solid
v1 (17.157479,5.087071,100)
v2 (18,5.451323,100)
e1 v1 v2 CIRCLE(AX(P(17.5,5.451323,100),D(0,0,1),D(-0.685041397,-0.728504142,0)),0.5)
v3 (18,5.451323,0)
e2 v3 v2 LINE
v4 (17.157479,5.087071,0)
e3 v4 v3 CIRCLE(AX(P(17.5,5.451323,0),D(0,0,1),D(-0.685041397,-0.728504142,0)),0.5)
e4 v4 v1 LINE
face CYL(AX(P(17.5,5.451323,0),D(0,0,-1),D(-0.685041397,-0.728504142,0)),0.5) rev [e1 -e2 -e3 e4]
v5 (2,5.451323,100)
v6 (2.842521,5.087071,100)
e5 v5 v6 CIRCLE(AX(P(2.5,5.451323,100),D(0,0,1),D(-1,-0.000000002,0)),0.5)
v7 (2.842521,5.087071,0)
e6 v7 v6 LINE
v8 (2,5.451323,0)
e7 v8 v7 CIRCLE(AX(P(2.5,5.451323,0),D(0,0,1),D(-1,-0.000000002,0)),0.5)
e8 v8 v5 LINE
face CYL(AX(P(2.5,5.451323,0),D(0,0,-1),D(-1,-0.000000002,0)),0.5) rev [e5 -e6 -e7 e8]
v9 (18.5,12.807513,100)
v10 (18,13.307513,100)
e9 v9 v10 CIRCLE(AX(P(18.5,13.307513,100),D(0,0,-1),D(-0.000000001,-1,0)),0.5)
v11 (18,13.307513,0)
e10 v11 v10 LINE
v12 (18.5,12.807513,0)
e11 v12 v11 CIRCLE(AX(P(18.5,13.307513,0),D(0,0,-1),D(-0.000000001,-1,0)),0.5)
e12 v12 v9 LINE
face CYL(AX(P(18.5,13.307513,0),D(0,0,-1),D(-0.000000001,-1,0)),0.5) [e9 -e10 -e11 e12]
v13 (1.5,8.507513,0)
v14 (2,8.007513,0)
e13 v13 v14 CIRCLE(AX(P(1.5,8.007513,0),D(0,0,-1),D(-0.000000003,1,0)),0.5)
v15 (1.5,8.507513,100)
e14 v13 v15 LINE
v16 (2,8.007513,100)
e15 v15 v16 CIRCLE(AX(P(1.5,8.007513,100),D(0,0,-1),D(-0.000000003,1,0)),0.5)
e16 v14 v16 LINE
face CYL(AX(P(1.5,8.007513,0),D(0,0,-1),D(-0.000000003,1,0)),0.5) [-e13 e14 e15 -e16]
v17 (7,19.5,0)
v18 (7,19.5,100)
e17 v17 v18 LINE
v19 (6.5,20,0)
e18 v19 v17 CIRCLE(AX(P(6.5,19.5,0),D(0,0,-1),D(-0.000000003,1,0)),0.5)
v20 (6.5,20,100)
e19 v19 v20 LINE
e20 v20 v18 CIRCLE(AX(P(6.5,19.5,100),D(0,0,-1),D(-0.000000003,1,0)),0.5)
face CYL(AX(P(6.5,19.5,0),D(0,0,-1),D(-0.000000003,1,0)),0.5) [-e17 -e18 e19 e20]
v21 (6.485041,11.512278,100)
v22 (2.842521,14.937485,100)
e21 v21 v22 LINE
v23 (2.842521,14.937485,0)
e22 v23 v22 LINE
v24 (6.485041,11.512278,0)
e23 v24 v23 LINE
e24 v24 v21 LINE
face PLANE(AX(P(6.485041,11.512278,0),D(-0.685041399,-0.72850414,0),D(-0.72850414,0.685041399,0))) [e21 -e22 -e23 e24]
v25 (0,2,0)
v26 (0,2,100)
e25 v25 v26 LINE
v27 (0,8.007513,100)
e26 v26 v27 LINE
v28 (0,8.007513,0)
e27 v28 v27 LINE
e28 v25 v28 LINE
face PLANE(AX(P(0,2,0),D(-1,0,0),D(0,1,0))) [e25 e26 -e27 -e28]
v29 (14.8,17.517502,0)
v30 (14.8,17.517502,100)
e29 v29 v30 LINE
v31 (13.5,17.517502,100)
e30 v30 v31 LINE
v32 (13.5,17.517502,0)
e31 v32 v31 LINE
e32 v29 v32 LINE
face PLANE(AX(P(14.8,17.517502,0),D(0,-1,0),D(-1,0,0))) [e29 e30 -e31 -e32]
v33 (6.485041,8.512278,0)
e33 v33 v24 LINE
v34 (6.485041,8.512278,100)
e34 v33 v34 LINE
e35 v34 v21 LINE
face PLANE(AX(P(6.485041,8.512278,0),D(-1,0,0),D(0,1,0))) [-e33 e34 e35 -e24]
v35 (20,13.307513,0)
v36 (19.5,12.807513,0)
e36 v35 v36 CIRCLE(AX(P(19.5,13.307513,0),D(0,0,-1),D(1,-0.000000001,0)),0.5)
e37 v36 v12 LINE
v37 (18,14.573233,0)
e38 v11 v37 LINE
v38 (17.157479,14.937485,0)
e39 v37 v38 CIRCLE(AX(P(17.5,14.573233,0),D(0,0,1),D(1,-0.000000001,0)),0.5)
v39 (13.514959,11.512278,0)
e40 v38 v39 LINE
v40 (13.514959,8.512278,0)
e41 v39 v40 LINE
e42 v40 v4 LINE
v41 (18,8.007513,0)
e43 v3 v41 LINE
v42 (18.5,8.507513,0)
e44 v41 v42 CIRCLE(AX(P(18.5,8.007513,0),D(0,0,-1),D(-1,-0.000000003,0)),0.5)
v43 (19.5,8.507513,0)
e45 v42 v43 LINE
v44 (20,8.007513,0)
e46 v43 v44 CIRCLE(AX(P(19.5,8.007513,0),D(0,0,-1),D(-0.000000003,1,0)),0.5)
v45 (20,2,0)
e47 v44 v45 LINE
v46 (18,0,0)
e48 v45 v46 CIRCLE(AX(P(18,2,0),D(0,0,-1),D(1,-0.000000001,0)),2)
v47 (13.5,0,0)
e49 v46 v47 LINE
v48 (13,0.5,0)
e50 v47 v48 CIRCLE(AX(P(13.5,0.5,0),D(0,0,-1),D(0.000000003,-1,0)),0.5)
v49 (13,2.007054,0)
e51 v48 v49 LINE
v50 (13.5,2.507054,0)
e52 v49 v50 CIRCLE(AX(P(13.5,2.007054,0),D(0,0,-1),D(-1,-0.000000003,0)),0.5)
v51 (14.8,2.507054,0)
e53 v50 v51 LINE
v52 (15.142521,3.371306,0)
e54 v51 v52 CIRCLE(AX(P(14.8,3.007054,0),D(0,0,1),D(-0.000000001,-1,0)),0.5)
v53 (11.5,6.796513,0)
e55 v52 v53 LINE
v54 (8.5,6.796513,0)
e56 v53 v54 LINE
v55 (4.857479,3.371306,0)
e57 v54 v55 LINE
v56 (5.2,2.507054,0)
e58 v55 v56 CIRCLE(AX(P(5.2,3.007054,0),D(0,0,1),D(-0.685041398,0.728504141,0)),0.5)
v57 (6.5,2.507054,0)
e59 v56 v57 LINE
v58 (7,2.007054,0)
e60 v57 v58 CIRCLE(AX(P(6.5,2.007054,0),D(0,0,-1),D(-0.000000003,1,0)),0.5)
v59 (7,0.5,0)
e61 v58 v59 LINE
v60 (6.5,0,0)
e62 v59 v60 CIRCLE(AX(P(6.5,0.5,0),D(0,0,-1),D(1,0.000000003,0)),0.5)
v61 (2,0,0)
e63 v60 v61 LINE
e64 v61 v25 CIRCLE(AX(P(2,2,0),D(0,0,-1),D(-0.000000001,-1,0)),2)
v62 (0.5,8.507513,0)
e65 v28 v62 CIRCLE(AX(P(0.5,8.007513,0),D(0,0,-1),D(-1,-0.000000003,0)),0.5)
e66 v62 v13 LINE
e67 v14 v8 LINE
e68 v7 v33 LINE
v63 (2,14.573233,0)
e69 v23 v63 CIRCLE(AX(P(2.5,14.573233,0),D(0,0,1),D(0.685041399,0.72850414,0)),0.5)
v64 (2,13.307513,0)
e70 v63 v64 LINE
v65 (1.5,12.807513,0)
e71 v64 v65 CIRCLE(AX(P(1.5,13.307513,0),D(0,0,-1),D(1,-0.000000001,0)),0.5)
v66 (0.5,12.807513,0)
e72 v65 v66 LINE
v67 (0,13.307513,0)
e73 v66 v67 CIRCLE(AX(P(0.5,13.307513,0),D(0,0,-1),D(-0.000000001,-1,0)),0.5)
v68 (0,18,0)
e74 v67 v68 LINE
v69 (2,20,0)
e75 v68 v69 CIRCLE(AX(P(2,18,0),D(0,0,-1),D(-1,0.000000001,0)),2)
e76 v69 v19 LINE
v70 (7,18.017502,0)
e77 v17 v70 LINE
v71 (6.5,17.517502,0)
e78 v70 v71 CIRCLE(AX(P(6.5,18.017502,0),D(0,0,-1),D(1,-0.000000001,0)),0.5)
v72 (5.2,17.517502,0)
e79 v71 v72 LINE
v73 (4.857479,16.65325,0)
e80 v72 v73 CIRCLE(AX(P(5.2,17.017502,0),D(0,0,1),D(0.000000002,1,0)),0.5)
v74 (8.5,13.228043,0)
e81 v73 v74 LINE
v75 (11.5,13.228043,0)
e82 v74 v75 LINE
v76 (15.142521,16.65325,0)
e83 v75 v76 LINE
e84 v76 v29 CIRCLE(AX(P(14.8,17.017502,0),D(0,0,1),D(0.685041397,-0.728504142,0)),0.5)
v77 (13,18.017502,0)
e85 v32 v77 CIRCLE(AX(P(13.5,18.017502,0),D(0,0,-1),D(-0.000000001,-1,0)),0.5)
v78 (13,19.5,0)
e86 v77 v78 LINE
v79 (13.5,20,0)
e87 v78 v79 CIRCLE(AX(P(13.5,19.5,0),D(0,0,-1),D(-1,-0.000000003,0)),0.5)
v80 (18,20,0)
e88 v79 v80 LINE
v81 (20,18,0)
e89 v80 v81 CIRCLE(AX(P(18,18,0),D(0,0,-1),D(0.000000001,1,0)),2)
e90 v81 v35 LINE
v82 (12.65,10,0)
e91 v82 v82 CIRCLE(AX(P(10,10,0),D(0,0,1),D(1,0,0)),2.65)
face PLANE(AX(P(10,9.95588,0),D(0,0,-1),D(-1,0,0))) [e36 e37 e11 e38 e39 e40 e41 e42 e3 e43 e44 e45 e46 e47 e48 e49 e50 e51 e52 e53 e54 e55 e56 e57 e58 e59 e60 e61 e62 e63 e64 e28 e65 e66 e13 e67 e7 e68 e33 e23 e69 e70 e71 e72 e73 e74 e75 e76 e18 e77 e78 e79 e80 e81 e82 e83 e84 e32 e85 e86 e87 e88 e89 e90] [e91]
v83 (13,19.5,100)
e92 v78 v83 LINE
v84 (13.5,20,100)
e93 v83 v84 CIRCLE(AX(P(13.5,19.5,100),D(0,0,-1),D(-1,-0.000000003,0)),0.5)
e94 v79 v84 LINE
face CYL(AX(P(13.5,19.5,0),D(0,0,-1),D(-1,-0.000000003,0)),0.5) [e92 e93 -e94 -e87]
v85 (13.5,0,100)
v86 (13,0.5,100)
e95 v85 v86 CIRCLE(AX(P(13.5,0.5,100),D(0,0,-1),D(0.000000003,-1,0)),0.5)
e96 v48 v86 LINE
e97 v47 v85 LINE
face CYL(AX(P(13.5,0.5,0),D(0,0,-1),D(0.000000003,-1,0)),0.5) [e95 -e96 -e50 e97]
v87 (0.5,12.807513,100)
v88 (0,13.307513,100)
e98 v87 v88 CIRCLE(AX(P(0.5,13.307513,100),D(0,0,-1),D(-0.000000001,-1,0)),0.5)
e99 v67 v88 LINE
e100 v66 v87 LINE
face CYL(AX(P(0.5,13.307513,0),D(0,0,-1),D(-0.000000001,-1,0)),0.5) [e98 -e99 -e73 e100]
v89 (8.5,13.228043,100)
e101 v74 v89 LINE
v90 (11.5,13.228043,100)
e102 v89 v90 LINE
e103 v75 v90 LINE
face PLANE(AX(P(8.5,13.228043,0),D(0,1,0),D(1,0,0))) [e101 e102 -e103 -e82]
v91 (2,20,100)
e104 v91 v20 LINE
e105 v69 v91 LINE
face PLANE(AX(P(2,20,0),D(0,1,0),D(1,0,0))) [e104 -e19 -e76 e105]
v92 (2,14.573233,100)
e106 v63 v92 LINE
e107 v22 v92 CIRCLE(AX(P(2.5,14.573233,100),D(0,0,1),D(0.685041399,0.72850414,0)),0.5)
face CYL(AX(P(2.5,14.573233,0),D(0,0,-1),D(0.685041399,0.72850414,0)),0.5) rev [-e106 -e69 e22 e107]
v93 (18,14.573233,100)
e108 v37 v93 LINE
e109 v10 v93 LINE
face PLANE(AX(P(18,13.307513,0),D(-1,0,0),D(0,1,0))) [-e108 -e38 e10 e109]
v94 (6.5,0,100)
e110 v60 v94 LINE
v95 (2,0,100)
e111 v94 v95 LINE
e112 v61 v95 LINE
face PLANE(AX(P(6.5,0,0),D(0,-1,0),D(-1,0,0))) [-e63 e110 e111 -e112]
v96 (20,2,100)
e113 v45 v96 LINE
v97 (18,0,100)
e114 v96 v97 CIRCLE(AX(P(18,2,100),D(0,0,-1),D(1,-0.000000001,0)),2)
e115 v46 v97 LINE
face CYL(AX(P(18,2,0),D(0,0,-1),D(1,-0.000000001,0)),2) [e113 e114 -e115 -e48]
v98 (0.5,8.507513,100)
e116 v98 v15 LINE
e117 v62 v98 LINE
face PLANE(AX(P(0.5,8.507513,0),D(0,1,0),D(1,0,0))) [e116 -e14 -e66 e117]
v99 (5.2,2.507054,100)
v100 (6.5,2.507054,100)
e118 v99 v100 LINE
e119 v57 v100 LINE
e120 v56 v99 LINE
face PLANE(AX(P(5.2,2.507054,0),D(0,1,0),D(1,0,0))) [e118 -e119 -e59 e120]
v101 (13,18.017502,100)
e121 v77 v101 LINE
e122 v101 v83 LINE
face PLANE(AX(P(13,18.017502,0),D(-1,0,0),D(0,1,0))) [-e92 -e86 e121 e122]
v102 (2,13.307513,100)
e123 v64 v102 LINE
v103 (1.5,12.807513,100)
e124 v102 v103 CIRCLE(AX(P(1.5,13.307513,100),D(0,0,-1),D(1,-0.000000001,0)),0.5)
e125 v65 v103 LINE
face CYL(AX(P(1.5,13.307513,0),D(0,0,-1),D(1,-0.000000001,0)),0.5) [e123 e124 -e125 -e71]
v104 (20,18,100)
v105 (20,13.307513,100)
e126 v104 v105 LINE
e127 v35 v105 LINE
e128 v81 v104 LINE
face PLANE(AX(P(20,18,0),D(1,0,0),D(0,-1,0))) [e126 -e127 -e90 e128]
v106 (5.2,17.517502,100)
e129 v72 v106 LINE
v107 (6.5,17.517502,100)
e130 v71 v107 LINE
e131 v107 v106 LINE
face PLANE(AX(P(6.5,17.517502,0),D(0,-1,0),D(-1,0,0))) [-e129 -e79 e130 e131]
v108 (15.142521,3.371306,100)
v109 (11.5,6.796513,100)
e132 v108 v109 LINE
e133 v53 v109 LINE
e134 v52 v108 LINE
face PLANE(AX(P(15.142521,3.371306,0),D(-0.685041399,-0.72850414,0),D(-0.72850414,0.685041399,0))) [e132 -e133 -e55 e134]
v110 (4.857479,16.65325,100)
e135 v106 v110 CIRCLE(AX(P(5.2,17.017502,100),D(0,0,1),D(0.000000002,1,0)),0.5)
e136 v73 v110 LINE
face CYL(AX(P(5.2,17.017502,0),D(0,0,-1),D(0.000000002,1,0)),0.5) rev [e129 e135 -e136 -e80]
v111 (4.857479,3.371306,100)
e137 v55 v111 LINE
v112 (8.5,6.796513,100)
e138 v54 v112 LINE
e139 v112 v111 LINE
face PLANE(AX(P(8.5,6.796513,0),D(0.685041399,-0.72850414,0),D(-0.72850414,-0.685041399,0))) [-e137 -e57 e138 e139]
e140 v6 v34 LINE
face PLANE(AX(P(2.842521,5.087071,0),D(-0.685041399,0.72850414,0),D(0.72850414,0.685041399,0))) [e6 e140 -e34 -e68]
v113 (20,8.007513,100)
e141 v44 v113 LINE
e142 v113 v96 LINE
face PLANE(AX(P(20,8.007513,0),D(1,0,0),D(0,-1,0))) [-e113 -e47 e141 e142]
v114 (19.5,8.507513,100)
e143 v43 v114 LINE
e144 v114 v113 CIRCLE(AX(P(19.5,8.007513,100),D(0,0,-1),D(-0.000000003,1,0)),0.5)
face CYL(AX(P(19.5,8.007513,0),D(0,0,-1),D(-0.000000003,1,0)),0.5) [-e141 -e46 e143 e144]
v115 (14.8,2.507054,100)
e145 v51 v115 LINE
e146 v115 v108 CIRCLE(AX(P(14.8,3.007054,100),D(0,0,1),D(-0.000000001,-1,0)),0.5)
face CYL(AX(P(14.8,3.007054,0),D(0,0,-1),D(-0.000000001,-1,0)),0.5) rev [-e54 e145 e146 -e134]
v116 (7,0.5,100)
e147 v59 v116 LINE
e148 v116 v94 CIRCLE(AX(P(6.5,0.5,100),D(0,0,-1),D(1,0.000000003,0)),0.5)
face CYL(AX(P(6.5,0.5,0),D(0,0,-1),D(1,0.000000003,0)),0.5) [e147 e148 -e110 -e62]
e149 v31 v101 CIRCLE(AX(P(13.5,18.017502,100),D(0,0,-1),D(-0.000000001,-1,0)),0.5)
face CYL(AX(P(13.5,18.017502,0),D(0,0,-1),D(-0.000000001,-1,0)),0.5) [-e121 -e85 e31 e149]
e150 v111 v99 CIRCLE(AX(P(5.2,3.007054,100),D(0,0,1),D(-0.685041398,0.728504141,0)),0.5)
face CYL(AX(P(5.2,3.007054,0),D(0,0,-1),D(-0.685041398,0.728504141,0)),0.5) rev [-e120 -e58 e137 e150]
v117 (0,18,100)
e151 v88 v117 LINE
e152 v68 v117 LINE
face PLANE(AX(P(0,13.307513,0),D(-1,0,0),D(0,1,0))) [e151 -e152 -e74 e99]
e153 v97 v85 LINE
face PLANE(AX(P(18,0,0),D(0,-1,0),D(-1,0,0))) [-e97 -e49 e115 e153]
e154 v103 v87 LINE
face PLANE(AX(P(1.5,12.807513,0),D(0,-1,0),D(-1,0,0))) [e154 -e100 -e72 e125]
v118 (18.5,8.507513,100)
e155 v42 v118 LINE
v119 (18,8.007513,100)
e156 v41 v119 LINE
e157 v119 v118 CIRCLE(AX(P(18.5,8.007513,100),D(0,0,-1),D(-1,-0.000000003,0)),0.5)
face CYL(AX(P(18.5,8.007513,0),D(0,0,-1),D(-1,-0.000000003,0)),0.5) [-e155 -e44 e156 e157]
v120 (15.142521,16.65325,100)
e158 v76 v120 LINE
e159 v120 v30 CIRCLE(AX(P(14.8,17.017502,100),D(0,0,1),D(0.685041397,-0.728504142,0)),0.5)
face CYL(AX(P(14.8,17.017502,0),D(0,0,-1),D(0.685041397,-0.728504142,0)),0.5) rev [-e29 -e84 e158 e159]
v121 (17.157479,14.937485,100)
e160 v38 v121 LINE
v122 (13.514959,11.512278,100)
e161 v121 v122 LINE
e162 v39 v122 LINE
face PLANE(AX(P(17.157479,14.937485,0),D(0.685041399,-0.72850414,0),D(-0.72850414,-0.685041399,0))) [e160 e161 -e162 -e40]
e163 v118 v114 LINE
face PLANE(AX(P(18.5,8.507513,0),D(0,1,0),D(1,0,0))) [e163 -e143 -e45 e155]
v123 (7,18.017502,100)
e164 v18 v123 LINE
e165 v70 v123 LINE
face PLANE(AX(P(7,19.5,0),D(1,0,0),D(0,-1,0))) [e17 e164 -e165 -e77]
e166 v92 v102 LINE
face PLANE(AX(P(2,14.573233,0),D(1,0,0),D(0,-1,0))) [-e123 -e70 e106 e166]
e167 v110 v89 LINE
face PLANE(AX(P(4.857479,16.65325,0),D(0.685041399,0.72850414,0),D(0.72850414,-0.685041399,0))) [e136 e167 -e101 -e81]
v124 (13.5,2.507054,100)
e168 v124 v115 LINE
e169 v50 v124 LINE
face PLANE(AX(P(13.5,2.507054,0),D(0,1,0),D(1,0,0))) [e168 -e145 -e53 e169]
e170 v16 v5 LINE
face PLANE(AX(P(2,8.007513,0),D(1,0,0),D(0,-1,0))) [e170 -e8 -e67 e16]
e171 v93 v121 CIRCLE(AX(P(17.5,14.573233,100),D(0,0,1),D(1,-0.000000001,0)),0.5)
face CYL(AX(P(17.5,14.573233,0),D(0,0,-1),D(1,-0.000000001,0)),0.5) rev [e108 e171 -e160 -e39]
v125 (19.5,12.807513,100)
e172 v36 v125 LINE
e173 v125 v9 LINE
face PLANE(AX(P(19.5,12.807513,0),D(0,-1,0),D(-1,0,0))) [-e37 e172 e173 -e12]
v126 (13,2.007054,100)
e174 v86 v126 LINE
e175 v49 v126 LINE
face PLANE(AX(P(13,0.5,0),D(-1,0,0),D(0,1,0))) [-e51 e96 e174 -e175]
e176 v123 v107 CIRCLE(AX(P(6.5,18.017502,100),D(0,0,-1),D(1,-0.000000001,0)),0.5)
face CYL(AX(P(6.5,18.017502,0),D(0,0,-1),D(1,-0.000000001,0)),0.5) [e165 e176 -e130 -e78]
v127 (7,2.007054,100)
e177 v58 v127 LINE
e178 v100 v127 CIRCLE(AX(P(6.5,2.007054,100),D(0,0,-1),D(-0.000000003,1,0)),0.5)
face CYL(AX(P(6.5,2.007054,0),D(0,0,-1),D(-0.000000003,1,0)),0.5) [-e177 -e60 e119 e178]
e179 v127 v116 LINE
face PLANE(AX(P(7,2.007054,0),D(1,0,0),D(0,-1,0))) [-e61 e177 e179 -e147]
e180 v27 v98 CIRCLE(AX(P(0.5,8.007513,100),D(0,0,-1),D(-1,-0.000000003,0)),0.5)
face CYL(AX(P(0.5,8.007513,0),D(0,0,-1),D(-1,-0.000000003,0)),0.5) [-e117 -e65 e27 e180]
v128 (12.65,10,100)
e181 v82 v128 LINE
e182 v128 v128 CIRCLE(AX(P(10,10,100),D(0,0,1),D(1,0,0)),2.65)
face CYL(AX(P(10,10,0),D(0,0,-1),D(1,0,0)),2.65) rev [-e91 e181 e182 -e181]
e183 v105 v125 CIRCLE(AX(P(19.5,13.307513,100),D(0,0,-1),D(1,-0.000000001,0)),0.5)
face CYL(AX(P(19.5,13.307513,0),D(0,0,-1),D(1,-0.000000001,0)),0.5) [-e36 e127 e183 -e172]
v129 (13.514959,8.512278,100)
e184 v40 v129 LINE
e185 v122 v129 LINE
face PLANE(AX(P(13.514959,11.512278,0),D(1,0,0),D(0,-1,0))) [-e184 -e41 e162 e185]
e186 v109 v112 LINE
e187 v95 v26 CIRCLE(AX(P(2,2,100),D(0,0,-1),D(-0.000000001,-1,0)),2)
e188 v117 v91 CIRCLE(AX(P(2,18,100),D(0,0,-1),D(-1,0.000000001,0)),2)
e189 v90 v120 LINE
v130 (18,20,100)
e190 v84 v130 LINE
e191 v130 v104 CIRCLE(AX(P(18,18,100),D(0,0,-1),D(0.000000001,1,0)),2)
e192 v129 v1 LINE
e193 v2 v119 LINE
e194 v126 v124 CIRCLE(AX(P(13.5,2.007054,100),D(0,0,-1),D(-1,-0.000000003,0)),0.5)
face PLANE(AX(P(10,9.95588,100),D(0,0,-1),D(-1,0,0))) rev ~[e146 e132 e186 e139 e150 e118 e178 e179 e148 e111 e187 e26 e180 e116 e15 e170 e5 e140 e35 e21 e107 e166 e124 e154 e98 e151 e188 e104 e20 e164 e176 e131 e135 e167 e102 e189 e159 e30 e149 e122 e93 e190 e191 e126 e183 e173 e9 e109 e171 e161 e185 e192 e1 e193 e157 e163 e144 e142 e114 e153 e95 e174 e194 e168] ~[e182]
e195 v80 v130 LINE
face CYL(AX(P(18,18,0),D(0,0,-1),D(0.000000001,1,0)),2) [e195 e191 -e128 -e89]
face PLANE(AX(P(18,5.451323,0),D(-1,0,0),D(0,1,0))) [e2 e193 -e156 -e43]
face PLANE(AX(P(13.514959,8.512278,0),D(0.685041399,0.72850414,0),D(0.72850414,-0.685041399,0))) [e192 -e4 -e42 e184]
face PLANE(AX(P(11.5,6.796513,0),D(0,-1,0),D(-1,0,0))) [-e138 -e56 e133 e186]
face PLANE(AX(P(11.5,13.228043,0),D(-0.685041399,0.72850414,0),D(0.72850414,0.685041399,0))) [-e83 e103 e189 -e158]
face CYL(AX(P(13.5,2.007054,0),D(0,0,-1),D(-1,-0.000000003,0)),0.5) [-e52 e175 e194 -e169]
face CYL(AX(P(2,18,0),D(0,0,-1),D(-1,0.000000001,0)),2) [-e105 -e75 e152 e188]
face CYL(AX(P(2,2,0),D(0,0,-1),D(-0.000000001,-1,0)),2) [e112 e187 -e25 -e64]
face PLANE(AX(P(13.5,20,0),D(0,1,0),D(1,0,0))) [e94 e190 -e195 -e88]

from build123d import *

# Parameters (mm, degrees)
SKETCH1_R           = 2.65
BOSS_EXTRUDE2_DEPTH = 100


with BuildPart() as part:
    # Sketch1 → Boss-Extrude2 (new body)
    with BuildSketch(Plane.XY):
        with BuildLine():
            Line((0, 2), (0, 8.007512652))
            ThreePointArc((0, 8.007512652), (0.146446609, 8.361066043), (0.5, 8.507512652))
            Line((0.5, 8.507512652), (1.5, 8.507512652))
            ThreePointArc((1.5, 8.507512652), (1.853553391, 8.361066043), (2, 8.007512652))
            Line((2, 8.007512652), (2, 5.451323229))
            ThreePointArc((2, 5.451323229), (2.301581692, 4.992378598), (2.842520699, 5.087071159))
            Line((2.842520699, 5.087071159), (6.485041399, 8.512278154))
            Line((6.485041399, 8.512278154), (6.485041399, 11.512278154))
            Line((6.485041399, 11.512278154), (2.842520699, 14.937485148))
            ThreePointArc((2.842520699, 14.937485148), (2.301581692, 15.03217771), (2, 14.573233078))
            Line((2, 14.573233078), (2, 13.307512652))
            ThreePointArc((2, 13.307512652), (1.853553391, 12.953959262), (1.5, 12.807512652))
            Line((1.5, 12.807512652), (0.5, 12.807512652))
            ThreePointArc((0.5, 12.807512652), (0.146446609, 12.953959262), (0, 13.307512652))
            Line((0, 13.307512652), (0, 18))
            ThreePointArc((0, 18), (0.585786438, 19.414213562), (2, 20))
            Line((2, 20), (6.5, 20))
            ThreePointArc((6.5, 20), (6.853553391, 19.853553391), (7, 19.5))
            Line((7, 19.5), (7, 18.017502122))
            ThreePointArc((7, 18.017502122), (6.853553391, 17.663948732), (6.5, 17.517502122))
            Line((6.5, 17.517502122), (5.2, 17.517502122))
            ThreePointArc((5.2, 17.517502122), (4.735174207, 17.201722052), (4.857479301, 16.653250052))
            Line((4.857479301, 16.653250052), (8.5, 13.228043058))
            Line((8.5, 13.228043058), (11.5, 13.228043058))
            Line((11.5, 13.228043058), (15.142520699, 16.653250052))
            ThreePointArc((15.142520699, 16.653250052), (15.264825793, 17.201722052), (14.8, 17.517502122))
            Line((14.8, 17.517502122), (13.5, 17.517502122))
            ThreePointArc((13.5, 17.517502122), (13.146446609, 17.663948732), (13, 18.017502122))
            Line((13, 18.017502122), (13, 19.5))
            ThreePointArc((13, 19.5), (13.146446609, 19.853553391), (13.5, 20))
            Line((13.5, 20), (18, 20))
            ThreePointArc((18, 20), (19.414213562, 19.414213562), (20, 18))
            Line((20, 18), (20, 13.307512652))
            ThreePointArc((20, 13.307512652), (19.853553391, 12.953959262), (19.5, 12.807512652))
            Line((19.5, 12.807512652), (18.5, 12.807512652))
            ThreePointArc((18.5, 12.807512652), (18.146446609, 12.953959262), (18, 13.307512652))
            Line((18, 13.307512652), (18, 14.573233078))
            ThreePointArc((18, 14.573233078), (17.698418308, 15.03217771), (17.157479301, 14.937485148))
            Line((17.157479301, 14.937485148), (13.514958601, 11.512278154))
            Line((13.514958601, 11.512278154), (13.514958601, 8.512278154))
            Line((13.514958601, 8.512278154), (17.157479301, 5.087071159))
            ThreePointArc((17.157479301, 5.087071159), (17.698418308, 4.992378598), (18, 5.451323229))
            Line((18, 5.451323229), (18, 8.007512652))
            ThreePointArc((18, 8.007512652), (18.146446609, 8.361066043), (18.5, 8.507512652))
            Line((18.5, 8.507512652), (19.5, 8.507512652))
            ThreePointArc((19.5, 8.507512652), (19.853553391, 8.361066043), (20, 8.007512652))
            Line((20, 8.007512652), (20, 2))
            ThreePointArc((20, 2), (19.414213562, 0.585786438), (18, 0))
            Line((18, 0), (13.5, 0))
            ThreePointArc((13.5, 0), (13.146446609, 0.146446609), (13, 0.5))
            Line((13, 0.5), (13, 2.007054185))
            ThreePointArc((13, 2.007054185), (13.146446609, 2.360607576), (13.5, 2.507054185))
            Line((13.5, 2.507054185), (14.8, 2.507054185))
            ThreePointArc((14.8, 2.507054185), (15.264825793, 2.822834256), (15.142520699, 3.371306255))
            Line((15.142520699, 3.371306255), (11.5, 6.79651325))
            Line((11.5, 6.79651325), (8.5, 6.79651325))
            Line((8.5, 6.79651325), (4.857479301, 3.371306255))
            ThreePointArc((4.857479301, 3.371306255), (4.735174207, 2.822834256), (5.2, 2.507054185))
            Line((5.2, 2.507054185), (6.5, 2.507054185))
            ThreePointArc((6.5, 2.507054185), (6.853553391, 2.360607576), (7, 2.007054185))
            Line((7, 2.007054185), (7, 0.5))
            ThreePointArc((7, 0.5), (6.853553391, 0.146446609), (6.5, 0))
            Line((6.5, 0), (2, 0))
            ThreePointArc((2, 0), (0.585786438, 0.585786438), (0, 2))
        make_face()
        with Locations((10, 10)):
            Circle(SKETCH1_R, mode=Mode.SUBTRACT)
    extrude(amount=BOSS_EXTRUDE2_DEPTH)


solid = part.part
